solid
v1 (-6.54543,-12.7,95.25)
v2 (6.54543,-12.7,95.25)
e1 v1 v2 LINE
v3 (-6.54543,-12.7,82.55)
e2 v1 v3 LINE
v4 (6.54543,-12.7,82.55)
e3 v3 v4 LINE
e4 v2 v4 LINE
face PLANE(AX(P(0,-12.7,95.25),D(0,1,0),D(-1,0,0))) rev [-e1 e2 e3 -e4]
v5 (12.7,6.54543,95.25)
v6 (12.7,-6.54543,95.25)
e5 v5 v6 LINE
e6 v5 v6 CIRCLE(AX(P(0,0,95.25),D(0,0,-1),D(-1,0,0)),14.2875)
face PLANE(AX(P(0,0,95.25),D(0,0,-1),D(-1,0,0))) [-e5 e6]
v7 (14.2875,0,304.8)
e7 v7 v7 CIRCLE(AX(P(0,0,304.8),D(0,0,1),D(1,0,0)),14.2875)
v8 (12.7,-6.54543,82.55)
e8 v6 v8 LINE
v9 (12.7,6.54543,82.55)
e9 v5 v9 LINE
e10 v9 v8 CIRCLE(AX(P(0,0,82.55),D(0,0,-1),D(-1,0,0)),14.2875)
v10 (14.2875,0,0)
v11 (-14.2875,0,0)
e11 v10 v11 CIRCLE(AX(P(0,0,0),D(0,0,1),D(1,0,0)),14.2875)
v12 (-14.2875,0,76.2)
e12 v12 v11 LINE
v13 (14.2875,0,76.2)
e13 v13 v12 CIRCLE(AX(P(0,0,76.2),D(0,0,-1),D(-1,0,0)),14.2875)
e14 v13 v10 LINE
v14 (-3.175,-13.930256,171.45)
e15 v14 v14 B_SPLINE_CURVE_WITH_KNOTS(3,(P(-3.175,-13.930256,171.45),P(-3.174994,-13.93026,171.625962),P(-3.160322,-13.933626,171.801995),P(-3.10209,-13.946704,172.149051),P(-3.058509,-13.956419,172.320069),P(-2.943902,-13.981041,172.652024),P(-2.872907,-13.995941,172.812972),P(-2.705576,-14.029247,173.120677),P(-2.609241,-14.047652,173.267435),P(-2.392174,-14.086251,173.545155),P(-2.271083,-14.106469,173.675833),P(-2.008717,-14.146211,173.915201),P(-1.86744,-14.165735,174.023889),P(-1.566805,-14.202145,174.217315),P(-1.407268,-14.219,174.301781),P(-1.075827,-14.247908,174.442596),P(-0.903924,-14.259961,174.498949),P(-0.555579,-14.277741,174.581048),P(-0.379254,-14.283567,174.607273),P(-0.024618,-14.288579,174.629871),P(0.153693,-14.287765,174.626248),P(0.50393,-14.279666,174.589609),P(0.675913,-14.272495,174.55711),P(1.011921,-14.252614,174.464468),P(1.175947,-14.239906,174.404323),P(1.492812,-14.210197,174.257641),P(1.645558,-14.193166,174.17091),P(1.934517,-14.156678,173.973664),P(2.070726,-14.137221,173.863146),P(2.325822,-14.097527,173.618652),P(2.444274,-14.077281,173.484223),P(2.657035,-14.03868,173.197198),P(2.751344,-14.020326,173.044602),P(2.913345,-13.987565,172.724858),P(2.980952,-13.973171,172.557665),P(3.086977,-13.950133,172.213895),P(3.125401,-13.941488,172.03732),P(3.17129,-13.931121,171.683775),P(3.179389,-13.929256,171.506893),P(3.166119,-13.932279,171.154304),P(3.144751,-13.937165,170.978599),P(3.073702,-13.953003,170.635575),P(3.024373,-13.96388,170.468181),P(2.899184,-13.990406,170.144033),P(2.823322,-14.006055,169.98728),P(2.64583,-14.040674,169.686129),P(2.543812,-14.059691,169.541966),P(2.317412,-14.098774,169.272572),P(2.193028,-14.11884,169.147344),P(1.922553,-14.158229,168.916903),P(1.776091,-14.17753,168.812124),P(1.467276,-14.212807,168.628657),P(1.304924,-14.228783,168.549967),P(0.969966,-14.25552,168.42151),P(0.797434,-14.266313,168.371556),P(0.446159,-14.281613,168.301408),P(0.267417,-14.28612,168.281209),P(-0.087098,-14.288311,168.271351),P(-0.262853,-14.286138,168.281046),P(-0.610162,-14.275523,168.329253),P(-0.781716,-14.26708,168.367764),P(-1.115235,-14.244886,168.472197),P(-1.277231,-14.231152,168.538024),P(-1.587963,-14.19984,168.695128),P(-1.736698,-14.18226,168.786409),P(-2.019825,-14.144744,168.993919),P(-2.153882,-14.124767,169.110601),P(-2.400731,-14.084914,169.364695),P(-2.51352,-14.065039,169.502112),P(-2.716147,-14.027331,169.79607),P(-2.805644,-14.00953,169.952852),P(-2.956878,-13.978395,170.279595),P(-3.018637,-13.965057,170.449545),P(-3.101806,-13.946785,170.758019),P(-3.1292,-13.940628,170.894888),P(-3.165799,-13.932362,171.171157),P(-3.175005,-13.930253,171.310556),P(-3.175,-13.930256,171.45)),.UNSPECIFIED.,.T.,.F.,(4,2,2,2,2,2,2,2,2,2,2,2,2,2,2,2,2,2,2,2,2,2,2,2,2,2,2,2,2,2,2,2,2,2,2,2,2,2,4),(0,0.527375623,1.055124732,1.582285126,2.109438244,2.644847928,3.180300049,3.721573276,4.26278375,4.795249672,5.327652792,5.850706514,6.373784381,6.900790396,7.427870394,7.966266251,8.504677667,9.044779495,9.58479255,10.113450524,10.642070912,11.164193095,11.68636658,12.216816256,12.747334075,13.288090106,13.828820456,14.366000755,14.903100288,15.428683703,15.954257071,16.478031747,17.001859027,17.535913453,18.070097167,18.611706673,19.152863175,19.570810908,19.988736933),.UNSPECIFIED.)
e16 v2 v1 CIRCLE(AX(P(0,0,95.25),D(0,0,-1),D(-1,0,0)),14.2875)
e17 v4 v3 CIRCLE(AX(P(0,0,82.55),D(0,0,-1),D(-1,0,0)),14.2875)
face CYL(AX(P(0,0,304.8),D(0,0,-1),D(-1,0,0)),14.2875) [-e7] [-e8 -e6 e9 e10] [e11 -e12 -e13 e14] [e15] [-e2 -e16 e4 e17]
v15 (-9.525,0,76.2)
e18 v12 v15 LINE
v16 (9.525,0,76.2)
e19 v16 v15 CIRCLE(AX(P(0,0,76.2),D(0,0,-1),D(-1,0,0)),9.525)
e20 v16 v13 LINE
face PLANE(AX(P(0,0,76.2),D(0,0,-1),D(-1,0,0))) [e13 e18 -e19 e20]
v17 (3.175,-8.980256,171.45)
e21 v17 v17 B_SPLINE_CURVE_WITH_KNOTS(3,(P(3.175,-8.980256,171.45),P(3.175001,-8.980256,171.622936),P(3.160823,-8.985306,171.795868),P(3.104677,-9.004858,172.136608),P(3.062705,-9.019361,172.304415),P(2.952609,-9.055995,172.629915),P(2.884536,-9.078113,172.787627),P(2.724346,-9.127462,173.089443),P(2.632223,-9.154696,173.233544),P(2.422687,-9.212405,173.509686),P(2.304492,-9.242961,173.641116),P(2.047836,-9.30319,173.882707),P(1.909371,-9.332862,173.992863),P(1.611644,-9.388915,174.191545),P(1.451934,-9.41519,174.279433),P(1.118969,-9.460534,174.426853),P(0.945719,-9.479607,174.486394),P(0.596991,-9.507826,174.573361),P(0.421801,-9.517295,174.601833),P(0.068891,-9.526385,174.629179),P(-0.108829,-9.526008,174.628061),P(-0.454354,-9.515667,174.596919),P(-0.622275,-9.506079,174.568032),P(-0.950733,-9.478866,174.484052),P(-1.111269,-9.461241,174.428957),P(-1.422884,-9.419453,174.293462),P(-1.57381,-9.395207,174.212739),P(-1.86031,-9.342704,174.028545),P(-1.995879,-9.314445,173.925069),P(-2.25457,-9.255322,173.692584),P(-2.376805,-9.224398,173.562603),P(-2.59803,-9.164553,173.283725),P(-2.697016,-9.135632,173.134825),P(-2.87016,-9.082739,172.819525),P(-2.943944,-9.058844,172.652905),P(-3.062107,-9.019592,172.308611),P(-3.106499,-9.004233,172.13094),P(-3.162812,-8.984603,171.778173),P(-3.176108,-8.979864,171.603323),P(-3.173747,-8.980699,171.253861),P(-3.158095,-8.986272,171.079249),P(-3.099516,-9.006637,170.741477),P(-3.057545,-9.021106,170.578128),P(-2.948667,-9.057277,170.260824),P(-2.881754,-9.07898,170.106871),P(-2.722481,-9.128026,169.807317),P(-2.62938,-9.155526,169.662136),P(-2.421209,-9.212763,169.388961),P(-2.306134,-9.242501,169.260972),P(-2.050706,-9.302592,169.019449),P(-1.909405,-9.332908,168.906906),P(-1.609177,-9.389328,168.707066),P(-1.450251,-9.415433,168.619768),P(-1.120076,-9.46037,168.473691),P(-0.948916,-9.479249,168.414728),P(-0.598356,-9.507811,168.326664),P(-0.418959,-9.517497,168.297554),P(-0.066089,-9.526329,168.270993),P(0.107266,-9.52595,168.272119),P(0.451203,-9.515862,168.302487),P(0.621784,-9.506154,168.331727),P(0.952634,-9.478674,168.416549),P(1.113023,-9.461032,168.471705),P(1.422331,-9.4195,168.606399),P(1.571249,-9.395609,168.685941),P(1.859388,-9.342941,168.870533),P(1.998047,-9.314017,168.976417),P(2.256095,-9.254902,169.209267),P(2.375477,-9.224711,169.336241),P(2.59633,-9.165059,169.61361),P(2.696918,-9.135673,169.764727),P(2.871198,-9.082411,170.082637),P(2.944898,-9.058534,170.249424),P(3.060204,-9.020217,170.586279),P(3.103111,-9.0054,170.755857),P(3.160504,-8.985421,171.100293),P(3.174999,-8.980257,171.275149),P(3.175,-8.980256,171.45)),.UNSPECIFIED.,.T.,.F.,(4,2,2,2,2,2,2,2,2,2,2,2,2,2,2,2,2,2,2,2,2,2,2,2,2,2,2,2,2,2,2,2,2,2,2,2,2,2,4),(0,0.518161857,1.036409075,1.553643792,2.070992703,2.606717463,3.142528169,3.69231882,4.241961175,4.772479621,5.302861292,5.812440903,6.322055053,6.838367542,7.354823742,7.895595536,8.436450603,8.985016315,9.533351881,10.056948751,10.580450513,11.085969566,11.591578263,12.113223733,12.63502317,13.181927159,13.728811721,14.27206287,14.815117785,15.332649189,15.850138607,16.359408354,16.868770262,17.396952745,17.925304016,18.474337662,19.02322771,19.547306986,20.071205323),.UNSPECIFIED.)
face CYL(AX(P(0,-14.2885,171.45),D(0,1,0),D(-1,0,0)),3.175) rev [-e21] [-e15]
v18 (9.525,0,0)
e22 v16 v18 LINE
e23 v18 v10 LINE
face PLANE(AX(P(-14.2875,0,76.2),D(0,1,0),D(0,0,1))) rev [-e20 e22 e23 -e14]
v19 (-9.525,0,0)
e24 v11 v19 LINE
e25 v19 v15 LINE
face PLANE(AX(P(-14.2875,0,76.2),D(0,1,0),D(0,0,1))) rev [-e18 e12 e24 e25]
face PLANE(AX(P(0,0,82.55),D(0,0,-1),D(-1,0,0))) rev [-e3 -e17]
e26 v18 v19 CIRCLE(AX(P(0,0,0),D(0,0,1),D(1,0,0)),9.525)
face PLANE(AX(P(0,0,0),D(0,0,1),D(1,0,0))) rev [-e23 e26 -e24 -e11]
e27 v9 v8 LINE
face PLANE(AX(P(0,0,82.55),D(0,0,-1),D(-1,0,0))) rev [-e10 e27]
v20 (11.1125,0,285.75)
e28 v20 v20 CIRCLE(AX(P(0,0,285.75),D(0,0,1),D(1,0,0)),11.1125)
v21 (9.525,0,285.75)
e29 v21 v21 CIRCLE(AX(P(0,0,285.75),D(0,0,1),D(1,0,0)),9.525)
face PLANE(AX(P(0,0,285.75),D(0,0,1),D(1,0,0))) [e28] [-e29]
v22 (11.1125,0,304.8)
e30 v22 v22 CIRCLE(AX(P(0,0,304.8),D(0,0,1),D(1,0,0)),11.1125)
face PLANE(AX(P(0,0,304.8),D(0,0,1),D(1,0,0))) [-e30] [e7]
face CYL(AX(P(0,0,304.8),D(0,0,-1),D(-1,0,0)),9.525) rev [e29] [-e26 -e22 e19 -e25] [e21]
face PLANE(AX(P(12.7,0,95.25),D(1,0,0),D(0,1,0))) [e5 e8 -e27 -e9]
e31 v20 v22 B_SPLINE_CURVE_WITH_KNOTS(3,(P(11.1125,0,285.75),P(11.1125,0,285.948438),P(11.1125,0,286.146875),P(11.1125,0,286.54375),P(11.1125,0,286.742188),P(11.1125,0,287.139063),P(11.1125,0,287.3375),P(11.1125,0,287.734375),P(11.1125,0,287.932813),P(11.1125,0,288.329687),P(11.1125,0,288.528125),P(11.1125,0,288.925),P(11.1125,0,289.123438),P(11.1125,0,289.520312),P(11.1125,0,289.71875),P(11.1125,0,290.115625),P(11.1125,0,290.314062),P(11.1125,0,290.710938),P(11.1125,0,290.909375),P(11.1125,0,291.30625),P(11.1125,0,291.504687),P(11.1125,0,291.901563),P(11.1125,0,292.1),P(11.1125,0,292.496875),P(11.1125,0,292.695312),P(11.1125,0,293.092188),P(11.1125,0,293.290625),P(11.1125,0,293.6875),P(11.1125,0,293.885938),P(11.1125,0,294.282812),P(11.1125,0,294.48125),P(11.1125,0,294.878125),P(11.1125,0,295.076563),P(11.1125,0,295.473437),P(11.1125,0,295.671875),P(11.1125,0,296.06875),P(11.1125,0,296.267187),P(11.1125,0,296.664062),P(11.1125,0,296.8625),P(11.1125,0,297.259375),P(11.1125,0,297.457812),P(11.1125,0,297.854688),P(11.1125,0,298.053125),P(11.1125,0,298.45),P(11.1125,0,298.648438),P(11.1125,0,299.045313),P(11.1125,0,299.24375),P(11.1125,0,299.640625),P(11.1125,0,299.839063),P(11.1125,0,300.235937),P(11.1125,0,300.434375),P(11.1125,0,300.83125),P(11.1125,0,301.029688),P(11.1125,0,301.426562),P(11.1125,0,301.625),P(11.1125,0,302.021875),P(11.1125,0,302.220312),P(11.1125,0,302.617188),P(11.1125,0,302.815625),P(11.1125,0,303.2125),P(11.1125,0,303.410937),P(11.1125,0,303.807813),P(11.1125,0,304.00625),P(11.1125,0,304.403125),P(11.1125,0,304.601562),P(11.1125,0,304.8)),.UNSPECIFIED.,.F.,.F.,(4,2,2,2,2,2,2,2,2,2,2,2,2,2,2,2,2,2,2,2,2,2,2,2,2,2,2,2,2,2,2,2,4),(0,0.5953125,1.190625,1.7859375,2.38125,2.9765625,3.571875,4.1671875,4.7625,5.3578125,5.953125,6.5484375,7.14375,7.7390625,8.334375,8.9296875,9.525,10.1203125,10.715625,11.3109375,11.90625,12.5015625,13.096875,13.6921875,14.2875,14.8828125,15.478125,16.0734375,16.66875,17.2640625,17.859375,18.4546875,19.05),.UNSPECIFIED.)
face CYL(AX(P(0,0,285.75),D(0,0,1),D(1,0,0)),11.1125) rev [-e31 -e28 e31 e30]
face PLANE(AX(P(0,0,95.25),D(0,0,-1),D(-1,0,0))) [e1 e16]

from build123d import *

# Parameters (mm, degrees)
SKETCH1_R                           = 14.2875
SKETCH1_R_2                         = 9.525
BOSS_EXTRUDE1_DEPTH                 = 304.8
SKETCH2_R                           = 11.1125
CUT_EXTRUDE1_DEPTH                  = 19.05
CUT_EXTRUDE4_DEPTH                  = 76.2
CUT_EXTRUDE7_DEPTH                  = 12.7
CUT_EXTRUDE8_REACH                  = 308.326
CUT_EXTRUDE8_END_RADIUS             = 9.525
CUT_EXTRUDE8_DIRECTION_2_REACH      = 308.326
CUT_EXTRUDE8_DIRECTION_2_END_RADIUS = 14.2875


with BuildPart() as part:
    # Sketch1 → Boss-Extrude1 (new body)
    with BuildSketch(Plane.XY):
        with Locations(Location((0, 0, 0), (0, 0, 180))):
            Circle(SKETCH1_R)
        with Locations(Location((0, 0, 0), (0, 0, 180))):
            Circle(SKETCH1_R_2, mode=Mode.SUBTRACT)
    extrude(amount=BOSS_EXTRUDE1_DEPTH)

    # Sketch2 → Cut-Extrude1 (cut)
    with BuildSketch(Plane.XY.offset(304.8)):
        Circle(SKETCH2_R)
    extrude(amount=-CUT_EXTRUDE1_DEPTH, mode=Mode.SUBTRACT)

    # Sketch6 → Cut-Extrude4 (cut)
    with BuildSketch(Plane(origin=(0, 0, 0), x_dir=(-1, 0, 0), z_dir=(0, 0, -1))):
        with BuildLine():
            Line((14.2875, 0), (-14.2875, 0))
            ThreePointArc((-14.2875, 0), (0, -14.2875), (14.2875, 0))
        make_face()
    extrude(amount=-CUT_EXTRUDE4_DEPTH, mode=Mode.SUBTRACT)

    # Sketch8 → Cut-Extrude7 (cut)
    with BuildSketch(Plane(origin=(0, 0, 82.55), x_dir=(-1, 0, 0), z_dir=(0, 0, -1))):
        with BuildLine():
            ThreePointArc((-6.545430181, -12.7), (0, -14.2875), (6.545430181, -12.7))
            Line((6.545430181, -12.7), (-6.545430181, -12.7))
        make_face()
        with BuildLine():
            Line((-12.7, -6.545430181), (-12.7, 6.545430181))
            ThreePointArc((-12.7, 6.545430181), (-14.2875, 0), (-12.7, -6.545430181))
        make_face()
    extrude(amount=-CUT_EXTRUDE7_DEPTH, mode=Mode.SUBTRACT)

    # Cut-Extrude8: up to this cylinder (the profile starts outside it)
    cut_extrude8_end = Plane(origin=(0, 0, 171.45), z_dir=(0, 0, -1)) * Cylinder(CUT_EXTRUDE8_END_RADIUS, 636.702, mode=Mode.PRIVATE)
    # Sketch9 → Cut-Extrude8 (cut, up to the surface)
    with BuildSketch(Plane.XZ.offset(12.7), mode=Mode.PRIVATE) as cut_extrude8_sk1:
        with BuildLine():
            ThreePointArc((0, 174.625), (-3.175, 171.45), (0, 168.275))
            Line((0, 168.275), (0, 174.625))
        make_face()
    cut_extrude8_tool1 = extrude(cut_extrude8_sk1.sketch, amount=-CUT_EXTRUDE8_REACH, mode=Mode.PRIVATE) - cut_extrude8_end
    add(cut_extrude8_tool1.solids().sort_by_distance((-1.347512, -12.7, 171.45))[0], mode=Mode.SUBTRACT)
    # Sketch9 → Cut-Extrude8 (cut, up to the surface)
    with BuildSketch(Plane.XZ.offset(12.7), mode=Mode.PRIVATE) as cut_extrude8_sk2:
        with BuildLine():
            Line((0, 174.625), (0, 168.275))
            ThreePointArc((0, 168.275), (2.24506403, 169.20493597), (3.175, 171.45))
            ThreePointArc((3.175, 171.45), (2.24506403, 173.69506403), (0, 174.625))
        make_face()
    cut_extrude8_tool2 = extrude(cut_extrude8_sk2.sketch, amount=-CUT_EXTRUDE8_REACH, mode=Mode.PRIVATE) - cut_extrude8_end
    add(cut_extrude8_tool2.solids().sort_by_distance((1.347512, -12.7, 171.45))[0], mode=Mode.SUBTRACT)
    # Sketch9 → Cut-Extrude8 (cut, up to the surface)
    with BuildSketch(Plane.XZ.offset(12.7), mode=Mode.PRIVATE) as cut_extrude8_sk3:
        with BuildLine():
            ThreePointArc((0, 174.625), (-3.175, 171.45), (0, 168.275))
            Line((0, 168.275), (0, 174.625))
        make_face()
    cut_extrude8_tool3 = extrude(cut_extrude8_sk3.sketch, amount=-CUT_EXTRUDE8_REACH, mode=Mode.PRIVATE) - cut_extrude8_end
    add(cut_extrude8_tool3.solids().sort_by_distance((-1.347512, -12.7, 171.45))[0], mode=Mode.SUBTRACT)
    # Sketch9 → Cut-Extrude8 (cut, up to the surface)
    with BuildSketch(Plane.XZ.offset(12.7), mode=Mode.PRIVATE) as cut_extrude8_sk4:
        with BuildLine():
            Line((0, 174.625), (0, 168.275))
            ThreePointArc((0, 168.275), (2.24506403, 169.20493597), (3.175, 171.45))
            ThreePointArc((3.175, 171.45), (2.24506403, 173.69506403), (0, 174.625))
        make_face()
    cut_extrude8_tool4 = extrude(cut_extrude8_sk4.sketch, amount=-CUT_EXTRUDE8_REACH, mode=Mode.PRIVATE) - cut_extrude8_end
    add(cut_extrude8_tool4.solids().sort_by_distance((1.347512, -12.7, 171.45))[0], mode=Mode.SUBTRACT)

    # Cut-Extrude8 direction 2: up to this cylinder (the profile starts inside it)
    cut_extrude8_direction_2_end = Plane(origin=(0, 0, 171.45), z_dir=(0, 0, -1)) * Cylinder(CUT_EXTRUDE8_DIRECTION_2_END_RADIUS, 646.227, mode=Mode.PRIVATE)
    # Sketch9 → Cut-Extrude8 direction 2 (cut, up to the surface)
    with BuildSketch(Plane.XZ.offset(12.7), mode=Mode.PRIVATE) as cut_extrude8_direction_2_sk1:
        with BuildLine():
            ThreePointArc((0, 174.625), (-3.175, 171.45), (0, 168.275))
            Line((0, 168.275), (0, 174.625))
        make_face()
    cut_extrude8_direction_2_tool1 = extrude(cut_extrude8_direction_2_sk1.sketch, amount=CUT_EXTRUDE8_DIRECTION_2_REACH, mode=Mode.PRIVATE) & cut_extrude8_direction_2_end
    add(cut_extrude8_direction_2_tool1.solids().sort_by_distance((-1.347512, -12.7, 171.45))[0], mode=Mode.SUBTRACT)
    # Sketch9 → Cut-Extrude8 direction 2 (cut, up to the surface)
    with BuildSketch(Plane.XZ.offset(12.7), mode=Mode.PRIVATE) as cut_extrude8_direction_2_sk2:
        with BuildLine():
            Line((0, 174.625), (0, 168.275))
            ThreePointArc((0, 168.275), (2.24506403, 169.20493597), (3.175, 171.45))
            ThreePointArc((3.175, 171.45), (2.24506403, 173.69506403), (0, 174.625))
        make_face()
    cut_extrude8_direction_2_tool2 = extrude(cut_extrude8_direction_2_sk2.sketch, amount=CUT_EXTRUDE8_DIRECTION_2_REACH, mode=Mode.PRIVATE) & cut_extrude8_direction_2_end
    add(cut_extrude8_direction_2_tool2.solids().sort_by_distance((1.347512, -12.7, 171.45))[0], mode=Mode.SUBTRACT)
    # Sketch9 → Cut-Extrude8 direction 2 (cut, up to the surface)
    with BuildSketch(Plane.XZ.offset(12.7), mode=Mode.PRIVATE) as cut_extrude8_direction_2_sk3:
        with BuildLine():
            ThreePointArc((0, 174.625), (-3.175, 171.45), (0, 168.275))
            Line((0, 168.275), (0, 174.625))
        make_face()
    cut_extrude8_direction_2_tool3 = extrude(cut_extrude8_direction_2_sk3.sketch, amount=CUT_EXTRUDE8_DIRECTION_2_REACH, mode=Mode.PRIVATE) & cut_extrude8_direction_2_end
    add(cut_extrude8_direction_2_tool3.solids().sort_by_distance((-1.347512, -12.7, 171.45))[0], mode=Mode.SUBTRACT)
    # Sketch9 → Cut-Extrude8 direction 2 (cut, up to the surface)
    with BuildSketch(Plane.XZ.offset(12.7), mode=Mode.PRIVATE) as cut_extrude8_direction_2_sk4:
        with BuildLine():
            Line((0, 174.625), (0, 168.275))
            ThreePointArc((0, 168.275), (2.24506403, 169.20493597), (3.175, 171.45))
            ThreePointArc((3.175, 171.45), (2.24506403, 173.69506403), (0, 174.625))
        make_face()
    cut_extrude8_direction_2_tool4 = extrude(cut_extrude8_direction_2_sk4.sketch, amount=CUT_EXTRUDE8_DIRECTION_2_REACH, mode=Mode.PRIVATE) & cut_extrude8_direction_2_end
    add(cut_extrude8_direction_2_tool4.solids().sort_by_distance((1.347512, -12.7, 171.45))[0], mode=Mode.SUBTRACT)


solid = part.part
